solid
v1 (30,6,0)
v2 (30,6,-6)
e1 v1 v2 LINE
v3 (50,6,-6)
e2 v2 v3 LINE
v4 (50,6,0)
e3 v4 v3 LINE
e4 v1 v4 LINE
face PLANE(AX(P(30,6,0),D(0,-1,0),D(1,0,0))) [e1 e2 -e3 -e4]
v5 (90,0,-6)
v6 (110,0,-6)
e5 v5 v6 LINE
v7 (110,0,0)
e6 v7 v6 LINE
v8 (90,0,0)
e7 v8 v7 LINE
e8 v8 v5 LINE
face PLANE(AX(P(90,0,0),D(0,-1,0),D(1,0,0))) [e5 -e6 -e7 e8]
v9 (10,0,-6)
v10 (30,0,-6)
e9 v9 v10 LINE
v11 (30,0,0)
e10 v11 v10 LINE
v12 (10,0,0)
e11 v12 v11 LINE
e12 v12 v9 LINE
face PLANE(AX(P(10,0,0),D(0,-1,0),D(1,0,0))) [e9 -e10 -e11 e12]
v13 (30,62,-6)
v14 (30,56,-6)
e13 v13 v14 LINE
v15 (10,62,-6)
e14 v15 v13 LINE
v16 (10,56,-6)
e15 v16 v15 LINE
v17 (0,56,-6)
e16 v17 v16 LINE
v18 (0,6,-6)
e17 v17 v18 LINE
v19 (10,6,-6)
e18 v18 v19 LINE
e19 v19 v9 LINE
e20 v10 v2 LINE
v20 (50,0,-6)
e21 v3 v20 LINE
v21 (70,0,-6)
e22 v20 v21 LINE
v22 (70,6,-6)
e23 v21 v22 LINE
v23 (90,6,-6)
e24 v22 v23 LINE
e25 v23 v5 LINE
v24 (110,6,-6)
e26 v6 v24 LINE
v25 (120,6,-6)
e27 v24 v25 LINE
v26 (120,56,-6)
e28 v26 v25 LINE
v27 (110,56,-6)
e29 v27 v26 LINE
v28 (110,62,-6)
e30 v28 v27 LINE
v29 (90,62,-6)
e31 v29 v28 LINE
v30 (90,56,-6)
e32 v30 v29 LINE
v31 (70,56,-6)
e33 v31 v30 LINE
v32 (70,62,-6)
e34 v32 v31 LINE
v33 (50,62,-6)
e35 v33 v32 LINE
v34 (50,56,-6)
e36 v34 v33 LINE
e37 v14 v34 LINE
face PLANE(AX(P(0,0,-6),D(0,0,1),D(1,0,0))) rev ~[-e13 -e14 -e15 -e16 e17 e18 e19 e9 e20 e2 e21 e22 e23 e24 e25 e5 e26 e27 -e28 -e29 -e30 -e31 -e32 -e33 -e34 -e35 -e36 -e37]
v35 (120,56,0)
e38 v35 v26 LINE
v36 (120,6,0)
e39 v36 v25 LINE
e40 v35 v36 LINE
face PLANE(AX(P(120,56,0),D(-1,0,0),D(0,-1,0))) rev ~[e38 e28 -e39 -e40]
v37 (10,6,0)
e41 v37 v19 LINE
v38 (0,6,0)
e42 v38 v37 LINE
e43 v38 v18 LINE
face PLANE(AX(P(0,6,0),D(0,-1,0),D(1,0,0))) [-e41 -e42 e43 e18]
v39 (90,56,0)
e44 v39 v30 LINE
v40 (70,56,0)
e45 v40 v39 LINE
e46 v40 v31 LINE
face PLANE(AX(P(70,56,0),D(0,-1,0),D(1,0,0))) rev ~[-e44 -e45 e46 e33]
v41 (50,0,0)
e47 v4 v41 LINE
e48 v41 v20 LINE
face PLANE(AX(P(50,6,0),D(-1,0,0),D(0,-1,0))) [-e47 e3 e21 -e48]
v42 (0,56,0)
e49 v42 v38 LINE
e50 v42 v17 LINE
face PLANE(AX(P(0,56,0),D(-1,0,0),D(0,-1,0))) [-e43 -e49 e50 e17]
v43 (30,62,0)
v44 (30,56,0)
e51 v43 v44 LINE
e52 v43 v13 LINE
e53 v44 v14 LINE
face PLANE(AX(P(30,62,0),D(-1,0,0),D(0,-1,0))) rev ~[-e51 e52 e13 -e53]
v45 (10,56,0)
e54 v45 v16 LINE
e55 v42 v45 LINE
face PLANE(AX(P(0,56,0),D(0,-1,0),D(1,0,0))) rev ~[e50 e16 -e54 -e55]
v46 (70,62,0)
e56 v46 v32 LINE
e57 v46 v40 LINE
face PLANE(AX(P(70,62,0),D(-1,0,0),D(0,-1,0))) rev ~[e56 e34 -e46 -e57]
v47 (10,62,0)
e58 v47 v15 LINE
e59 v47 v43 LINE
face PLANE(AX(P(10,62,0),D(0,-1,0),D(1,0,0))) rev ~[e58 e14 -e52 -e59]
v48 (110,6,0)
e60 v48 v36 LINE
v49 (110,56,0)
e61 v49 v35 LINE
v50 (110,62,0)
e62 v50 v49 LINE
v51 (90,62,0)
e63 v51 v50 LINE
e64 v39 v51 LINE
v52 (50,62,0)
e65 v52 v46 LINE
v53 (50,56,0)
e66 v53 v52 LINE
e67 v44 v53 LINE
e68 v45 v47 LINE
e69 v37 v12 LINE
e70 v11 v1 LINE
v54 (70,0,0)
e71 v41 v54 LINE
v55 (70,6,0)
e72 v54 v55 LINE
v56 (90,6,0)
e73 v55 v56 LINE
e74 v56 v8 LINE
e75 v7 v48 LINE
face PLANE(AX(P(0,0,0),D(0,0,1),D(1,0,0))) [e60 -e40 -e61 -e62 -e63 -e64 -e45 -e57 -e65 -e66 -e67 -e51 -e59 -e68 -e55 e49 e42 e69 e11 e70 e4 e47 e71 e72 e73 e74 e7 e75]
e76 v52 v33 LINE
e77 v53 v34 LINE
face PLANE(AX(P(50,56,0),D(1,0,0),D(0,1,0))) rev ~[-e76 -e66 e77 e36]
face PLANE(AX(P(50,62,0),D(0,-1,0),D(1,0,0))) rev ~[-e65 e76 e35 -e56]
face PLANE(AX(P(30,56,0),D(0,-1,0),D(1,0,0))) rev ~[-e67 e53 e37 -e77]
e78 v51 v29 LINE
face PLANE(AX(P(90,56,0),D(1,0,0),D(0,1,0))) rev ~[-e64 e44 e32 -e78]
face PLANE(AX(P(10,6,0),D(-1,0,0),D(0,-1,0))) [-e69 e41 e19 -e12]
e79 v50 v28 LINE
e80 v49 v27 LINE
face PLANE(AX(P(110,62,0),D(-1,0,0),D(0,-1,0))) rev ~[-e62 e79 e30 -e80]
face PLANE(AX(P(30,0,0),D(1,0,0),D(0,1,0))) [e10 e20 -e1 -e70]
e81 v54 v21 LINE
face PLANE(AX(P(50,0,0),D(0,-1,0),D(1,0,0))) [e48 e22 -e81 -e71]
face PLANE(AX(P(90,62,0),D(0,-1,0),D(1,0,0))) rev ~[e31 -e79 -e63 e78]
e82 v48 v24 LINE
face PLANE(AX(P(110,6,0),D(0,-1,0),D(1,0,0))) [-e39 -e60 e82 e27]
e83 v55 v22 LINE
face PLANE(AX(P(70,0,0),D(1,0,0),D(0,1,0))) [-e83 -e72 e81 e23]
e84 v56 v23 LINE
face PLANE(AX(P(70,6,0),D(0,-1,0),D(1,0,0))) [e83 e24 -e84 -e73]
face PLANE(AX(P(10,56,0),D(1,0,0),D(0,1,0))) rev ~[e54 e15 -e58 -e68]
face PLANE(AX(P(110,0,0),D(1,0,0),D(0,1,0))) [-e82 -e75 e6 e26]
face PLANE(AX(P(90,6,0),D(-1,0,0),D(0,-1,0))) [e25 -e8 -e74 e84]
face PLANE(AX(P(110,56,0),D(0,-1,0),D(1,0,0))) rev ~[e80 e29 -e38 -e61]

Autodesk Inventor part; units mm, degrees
ref_plane "YZ Plane" through (0, 0, 0) normal (1, 0, 0) x (0, 1, 0)
ref_plane "XZ Plane" through (0, 0, 0) normal (0, 1, 0) x (-1, 0, 0)
ref_plane "XY Plane" through (0, 0, 0) normal (0, 0, 1) x (1, 0, 0)
sketch "Sketch1" plane through (0, 0, 0) normal (0, 0, 1) x (1, 0, 0)
  line L0 (0, 0) -> (0, 6)
  line L1 (0, 6) -> (10, 6)
  line L2 (10, 6) -> (10, 0)
  line L3 (10, 0) -> (30, 0)
  line L4 (30, 0) -> (30, 6)
  line L5 (30, 6) -> (50, 6)
  line L6 (50, 6) -> (50, 0)
  line L7 (50, 0) -> (70, 0)
  line L8 (70, 0) -> (70, 6)
  line L9 (70, 6) -> (90, 6)
  line L10 (90, 6) -> (90, 0)
  line L11 (90, 0) -> (110, 0)
  line L12 (110, 0) -> (110, 6)
  line L13 (110, 6) -> (120, 6)
  line L14 (120, 6) -> (120, 1)
  line L15 (0, 56) -> (10, 56)
  line L16 (10, 56) -> (10, 62)
  line L17 (10, 62) -> (30, 62)
  line L18 (30, 62) -> (30, 56)
  line L19 (30, 56) -> (50, 56)
  line L20 (50, 56) -> (50, 62)
  line L21 (50, 62) -> (70, 62)
  line L22 (70, 62) -> (70, 56)
  line L23 (70, 56) -> (90, 56)
  line L24 (90, 56) -> (90, 62)
  line L25 (90, 62) -> (110, 62)
  line L26 (110, 62) -> (110, 56)
  line L27 (110, 56) -> (120, 56)
  line L28 (0, 56) -> (0, 6)
  line L29 (120, 56) -> (120, 6)
  dimension "d0" = 6
  dimension "d1" = 10
  dimension "d2" = 20
  dimension "d3" = 20
  dimension "d4" = 20
  dimension "d5" = 20
  dimension "d6" = 20
  dimension "d8" = 10
  dimension "d12" = 10
  dimension "d13" = 6
  dimension "d14" = 20
  dimension "d15" = 50
extrude "Extrusion1" add sketch "Sketch1" against normal blind 6
properties part number "Base Connection"
